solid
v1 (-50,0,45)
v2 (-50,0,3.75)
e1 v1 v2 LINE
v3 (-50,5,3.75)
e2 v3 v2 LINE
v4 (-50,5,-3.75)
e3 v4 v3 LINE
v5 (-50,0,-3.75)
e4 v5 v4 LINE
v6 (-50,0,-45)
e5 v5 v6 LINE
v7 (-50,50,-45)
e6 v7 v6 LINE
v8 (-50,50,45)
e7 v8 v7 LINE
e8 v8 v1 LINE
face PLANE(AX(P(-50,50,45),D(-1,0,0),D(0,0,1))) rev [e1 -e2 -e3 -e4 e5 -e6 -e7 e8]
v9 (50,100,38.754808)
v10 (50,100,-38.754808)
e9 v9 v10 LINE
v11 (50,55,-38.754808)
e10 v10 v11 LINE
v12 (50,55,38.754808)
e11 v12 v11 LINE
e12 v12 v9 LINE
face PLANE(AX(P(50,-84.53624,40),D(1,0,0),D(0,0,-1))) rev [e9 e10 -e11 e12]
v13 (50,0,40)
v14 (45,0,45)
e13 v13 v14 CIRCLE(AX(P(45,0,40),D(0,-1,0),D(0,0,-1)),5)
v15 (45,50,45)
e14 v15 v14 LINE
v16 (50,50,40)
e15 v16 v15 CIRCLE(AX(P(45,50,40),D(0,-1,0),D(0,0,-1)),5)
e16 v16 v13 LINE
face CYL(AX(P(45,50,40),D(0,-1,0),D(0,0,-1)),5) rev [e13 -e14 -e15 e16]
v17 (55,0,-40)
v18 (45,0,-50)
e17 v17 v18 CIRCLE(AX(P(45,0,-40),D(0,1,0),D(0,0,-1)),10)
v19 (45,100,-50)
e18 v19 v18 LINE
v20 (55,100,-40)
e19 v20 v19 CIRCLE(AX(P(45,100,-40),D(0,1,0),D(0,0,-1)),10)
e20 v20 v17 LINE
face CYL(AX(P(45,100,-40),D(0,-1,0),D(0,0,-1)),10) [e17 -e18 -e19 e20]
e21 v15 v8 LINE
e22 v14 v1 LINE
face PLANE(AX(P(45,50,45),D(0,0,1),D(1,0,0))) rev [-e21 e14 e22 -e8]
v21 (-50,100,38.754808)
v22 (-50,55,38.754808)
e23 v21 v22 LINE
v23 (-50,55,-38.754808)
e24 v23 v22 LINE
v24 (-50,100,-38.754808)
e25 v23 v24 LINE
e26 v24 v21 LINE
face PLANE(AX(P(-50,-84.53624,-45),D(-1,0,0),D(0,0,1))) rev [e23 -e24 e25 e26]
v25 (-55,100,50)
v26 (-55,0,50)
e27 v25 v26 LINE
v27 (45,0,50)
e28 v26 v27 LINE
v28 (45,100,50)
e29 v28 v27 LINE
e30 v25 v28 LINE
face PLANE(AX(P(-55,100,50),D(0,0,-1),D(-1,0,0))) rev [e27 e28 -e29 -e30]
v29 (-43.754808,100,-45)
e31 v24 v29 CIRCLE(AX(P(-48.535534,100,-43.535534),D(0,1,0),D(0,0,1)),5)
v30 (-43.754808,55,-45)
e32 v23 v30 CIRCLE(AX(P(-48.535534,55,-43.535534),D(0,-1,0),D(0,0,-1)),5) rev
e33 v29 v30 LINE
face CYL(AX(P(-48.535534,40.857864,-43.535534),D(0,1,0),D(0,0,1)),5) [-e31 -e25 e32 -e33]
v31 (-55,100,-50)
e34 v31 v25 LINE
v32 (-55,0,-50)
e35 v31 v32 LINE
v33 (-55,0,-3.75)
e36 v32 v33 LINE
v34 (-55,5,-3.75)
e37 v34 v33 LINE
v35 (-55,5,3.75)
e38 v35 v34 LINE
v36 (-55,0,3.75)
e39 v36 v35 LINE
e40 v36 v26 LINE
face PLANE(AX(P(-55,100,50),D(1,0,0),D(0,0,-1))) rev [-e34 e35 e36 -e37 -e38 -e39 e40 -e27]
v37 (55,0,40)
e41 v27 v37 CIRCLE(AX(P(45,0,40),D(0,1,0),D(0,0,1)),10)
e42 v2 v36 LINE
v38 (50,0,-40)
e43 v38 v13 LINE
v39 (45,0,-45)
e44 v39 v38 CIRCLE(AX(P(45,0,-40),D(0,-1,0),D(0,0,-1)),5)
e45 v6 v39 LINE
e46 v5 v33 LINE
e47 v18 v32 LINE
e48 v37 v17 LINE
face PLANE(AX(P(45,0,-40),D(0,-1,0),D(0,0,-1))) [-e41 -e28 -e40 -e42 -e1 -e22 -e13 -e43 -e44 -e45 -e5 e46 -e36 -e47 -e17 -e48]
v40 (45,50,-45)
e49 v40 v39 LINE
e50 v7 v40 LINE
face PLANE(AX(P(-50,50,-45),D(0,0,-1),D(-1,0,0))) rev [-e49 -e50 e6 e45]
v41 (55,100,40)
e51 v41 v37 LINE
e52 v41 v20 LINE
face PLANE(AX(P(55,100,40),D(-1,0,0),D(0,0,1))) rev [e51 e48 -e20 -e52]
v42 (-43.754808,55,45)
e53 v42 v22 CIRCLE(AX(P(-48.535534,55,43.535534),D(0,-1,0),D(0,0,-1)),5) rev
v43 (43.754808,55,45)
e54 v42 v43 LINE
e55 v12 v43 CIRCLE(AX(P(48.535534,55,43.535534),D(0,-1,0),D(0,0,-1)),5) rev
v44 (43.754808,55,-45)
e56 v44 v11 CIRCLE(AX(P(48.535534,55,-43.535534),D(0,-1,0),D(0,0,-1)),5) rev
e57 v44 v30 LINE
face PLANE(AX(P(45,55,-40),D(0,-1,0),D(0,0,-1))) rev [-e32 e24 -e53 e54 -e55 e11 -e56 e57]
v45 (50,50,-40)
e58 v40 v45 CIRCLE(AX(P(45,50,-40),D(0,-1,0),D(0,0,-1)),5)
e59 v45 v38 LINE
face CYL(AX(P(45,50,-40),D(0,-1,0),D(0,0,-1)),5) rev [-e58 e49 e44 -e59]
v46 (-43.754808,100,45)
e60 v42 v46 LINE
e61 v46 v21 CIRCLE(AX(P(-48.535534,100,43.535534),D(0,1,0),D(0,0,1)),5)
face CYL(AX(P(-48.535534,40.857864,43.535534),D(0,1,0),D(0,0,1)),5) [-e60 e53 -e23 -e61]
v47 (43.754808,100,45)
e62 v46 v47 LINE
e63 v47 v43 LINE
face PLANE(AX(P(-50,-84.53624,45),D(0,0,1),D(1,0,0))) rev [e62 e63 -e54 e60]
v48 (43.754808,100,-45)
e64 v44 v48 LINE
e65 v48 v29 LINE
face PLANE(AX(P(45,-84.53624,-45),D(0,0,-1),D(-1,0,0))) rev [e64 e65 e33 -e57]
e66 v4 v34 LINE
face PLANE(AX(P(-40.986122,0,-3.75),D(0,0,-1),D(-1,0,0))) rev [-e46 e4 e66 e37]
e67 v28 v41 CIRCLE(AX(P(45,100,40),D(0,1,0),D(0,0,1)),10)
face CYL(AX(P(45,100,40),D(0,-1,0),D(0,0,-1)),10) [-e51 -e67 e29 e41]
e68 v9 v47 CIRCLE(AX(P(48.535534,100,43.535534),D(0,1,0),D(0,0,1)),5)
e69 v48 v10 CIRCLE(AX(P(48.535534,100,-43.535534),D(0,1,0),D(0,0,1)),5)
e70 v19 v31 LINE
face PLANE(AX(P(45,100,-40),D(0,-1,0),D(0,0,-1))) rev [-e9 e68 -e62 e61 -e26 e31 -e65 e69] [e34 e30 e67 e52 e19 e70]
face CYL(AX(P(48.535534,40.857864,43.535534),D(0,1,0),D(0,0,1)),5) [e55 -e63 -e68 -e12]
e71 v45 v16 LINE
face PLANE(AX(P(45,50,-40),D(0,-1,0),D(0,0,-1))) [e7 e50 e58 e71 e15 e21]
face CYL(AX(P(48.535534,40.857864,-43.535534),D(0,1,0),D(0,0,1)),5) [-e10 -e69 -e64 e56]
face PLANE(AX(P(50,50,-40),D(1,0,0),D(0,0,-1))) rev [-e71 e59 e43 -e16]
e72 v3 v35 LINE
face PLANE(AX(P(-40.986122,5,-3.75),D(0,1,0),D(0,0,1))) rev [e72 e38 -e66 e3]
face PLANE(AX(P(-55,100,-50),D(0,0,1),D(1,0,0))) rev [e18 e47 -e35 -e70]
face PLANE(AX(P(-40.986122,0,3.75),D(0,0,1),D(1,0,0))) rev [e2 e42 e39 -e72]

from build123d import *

# Parameters (mm, degrees)
BOSS_EXTRUDE1_DEPTH = 100
CUT_EXTRUDE1_DEPTH  = 50
CUT_EXTRUDE2_START  = -45
CUT_EXTRUDE2_DEPTH  = 45
SKETCH4_R           = 5
BOSS_EXTRUDE2_DEPTH = 45
SKETCH5_W           = 7.5
SKETCH5_H           = 5
CUT_EXTRUDE4_DEPTH  = 5


with BuildPart() as part:
    # Sketch1 → Boss-Extrude1 (new body)
    with BuildSketch(Plane(origin=(0, 0, 0), x_dir=(1, 0, 0), z_dir=(0, 1, 0))):
        with BuildLine():
            Line((-55, -50), (45, -50))
            ThreePointArc((45, -50), (52.071067812, -47.071067812), (55, -40))
            Line((55, -40), (55, 40))
            ThreePointArc((55, 40), (52.071067812, 47.071067812), (45, 50))
            Line((45, 50), (-55, 50))
            Line((-55, 50), (-55, -50))
        make_face()
    extrude(amount=BOSS_EXTRUDE1_DEPTH)

    # Sketch2 → Cut-Extrude1 (cut)
    with BuildSketch(Plane.XZ):
        with BuildLine():
            Line((-50, 45), (-50, -45))
            Line((-50, -45), (45, -45))
            ThreePointArc((45, -45), (48.535533906, -43.535533906), (50, -40))
            Line((50, -40), (50, 40))
            ThreePointArc((50, 40), (48.535533906, 43.535533906), (45, 45))
            Line((45, 45), (-50, 45))
        make_face()
    extrude(amount=-CUT_EXTRUDE1_DEPTH, mode=Mode.SUBTRACT)

    # Sketch3 → Cut-Extrude2 (cut)
    with BuildSketch(Plane(origin=(0, 100, 0), x_dir=(1, 0, 0), z_dir=(0, 1, 0)).offset(CUT_EXTRUDE2_START)):
        with BuildLine():
            Line((-50, 45), (-50, -45))
            Line((-50, -45), (45, -45))
            ThreePointArc((45, -45), (48.535533906, -43.535533906), (50, -40))
            Line((50, -40), (50, 40))
            ThreePointArc((50, 40), (48.535533906, 43.535533906), (45, 45))
            Line((45, 45), (-50, 45))
        make_face()
    extrude(amount=CUT_EXTRUDE2_DEPTH, mode=Mode.SUBTRACT)

    # Sketch4 → Boss-Extrude2 (add)
    with BuildSketch(Plane(origin=(0, 100, 0), x_dir=(1, 0, 0), z_dir=(0, 1, 0))):
        with Locations((48.535533906, -43.535533906)):
            Circle(SKETCH4_R)
        with Locations((48.535533906, 43.535533906)):
            Circle(SKETCH4_R)
        with Locations((-48.535533906, -43.535533906)):
            Circle(SKETCH4_R)
        with Locations((-48.535533906, 43.535533906)):
            Circle(SKETCH4_R)
    extrude(amount=-BOSS_EXTRUDE2_DEPTH)

    # Sketch5 → Cut-Extrude4 (cut)
    with BuildSketch(Plane.ZY.offset(55)):
        with Locations((0, 2.5)):
            Rectangle(SKETCH5_W, SKETCH5_H)
    extrude(amount=-CUT_EXTRUDE4_DEPTH, mode=Mode.SUBTRACT)


solid = part.part
